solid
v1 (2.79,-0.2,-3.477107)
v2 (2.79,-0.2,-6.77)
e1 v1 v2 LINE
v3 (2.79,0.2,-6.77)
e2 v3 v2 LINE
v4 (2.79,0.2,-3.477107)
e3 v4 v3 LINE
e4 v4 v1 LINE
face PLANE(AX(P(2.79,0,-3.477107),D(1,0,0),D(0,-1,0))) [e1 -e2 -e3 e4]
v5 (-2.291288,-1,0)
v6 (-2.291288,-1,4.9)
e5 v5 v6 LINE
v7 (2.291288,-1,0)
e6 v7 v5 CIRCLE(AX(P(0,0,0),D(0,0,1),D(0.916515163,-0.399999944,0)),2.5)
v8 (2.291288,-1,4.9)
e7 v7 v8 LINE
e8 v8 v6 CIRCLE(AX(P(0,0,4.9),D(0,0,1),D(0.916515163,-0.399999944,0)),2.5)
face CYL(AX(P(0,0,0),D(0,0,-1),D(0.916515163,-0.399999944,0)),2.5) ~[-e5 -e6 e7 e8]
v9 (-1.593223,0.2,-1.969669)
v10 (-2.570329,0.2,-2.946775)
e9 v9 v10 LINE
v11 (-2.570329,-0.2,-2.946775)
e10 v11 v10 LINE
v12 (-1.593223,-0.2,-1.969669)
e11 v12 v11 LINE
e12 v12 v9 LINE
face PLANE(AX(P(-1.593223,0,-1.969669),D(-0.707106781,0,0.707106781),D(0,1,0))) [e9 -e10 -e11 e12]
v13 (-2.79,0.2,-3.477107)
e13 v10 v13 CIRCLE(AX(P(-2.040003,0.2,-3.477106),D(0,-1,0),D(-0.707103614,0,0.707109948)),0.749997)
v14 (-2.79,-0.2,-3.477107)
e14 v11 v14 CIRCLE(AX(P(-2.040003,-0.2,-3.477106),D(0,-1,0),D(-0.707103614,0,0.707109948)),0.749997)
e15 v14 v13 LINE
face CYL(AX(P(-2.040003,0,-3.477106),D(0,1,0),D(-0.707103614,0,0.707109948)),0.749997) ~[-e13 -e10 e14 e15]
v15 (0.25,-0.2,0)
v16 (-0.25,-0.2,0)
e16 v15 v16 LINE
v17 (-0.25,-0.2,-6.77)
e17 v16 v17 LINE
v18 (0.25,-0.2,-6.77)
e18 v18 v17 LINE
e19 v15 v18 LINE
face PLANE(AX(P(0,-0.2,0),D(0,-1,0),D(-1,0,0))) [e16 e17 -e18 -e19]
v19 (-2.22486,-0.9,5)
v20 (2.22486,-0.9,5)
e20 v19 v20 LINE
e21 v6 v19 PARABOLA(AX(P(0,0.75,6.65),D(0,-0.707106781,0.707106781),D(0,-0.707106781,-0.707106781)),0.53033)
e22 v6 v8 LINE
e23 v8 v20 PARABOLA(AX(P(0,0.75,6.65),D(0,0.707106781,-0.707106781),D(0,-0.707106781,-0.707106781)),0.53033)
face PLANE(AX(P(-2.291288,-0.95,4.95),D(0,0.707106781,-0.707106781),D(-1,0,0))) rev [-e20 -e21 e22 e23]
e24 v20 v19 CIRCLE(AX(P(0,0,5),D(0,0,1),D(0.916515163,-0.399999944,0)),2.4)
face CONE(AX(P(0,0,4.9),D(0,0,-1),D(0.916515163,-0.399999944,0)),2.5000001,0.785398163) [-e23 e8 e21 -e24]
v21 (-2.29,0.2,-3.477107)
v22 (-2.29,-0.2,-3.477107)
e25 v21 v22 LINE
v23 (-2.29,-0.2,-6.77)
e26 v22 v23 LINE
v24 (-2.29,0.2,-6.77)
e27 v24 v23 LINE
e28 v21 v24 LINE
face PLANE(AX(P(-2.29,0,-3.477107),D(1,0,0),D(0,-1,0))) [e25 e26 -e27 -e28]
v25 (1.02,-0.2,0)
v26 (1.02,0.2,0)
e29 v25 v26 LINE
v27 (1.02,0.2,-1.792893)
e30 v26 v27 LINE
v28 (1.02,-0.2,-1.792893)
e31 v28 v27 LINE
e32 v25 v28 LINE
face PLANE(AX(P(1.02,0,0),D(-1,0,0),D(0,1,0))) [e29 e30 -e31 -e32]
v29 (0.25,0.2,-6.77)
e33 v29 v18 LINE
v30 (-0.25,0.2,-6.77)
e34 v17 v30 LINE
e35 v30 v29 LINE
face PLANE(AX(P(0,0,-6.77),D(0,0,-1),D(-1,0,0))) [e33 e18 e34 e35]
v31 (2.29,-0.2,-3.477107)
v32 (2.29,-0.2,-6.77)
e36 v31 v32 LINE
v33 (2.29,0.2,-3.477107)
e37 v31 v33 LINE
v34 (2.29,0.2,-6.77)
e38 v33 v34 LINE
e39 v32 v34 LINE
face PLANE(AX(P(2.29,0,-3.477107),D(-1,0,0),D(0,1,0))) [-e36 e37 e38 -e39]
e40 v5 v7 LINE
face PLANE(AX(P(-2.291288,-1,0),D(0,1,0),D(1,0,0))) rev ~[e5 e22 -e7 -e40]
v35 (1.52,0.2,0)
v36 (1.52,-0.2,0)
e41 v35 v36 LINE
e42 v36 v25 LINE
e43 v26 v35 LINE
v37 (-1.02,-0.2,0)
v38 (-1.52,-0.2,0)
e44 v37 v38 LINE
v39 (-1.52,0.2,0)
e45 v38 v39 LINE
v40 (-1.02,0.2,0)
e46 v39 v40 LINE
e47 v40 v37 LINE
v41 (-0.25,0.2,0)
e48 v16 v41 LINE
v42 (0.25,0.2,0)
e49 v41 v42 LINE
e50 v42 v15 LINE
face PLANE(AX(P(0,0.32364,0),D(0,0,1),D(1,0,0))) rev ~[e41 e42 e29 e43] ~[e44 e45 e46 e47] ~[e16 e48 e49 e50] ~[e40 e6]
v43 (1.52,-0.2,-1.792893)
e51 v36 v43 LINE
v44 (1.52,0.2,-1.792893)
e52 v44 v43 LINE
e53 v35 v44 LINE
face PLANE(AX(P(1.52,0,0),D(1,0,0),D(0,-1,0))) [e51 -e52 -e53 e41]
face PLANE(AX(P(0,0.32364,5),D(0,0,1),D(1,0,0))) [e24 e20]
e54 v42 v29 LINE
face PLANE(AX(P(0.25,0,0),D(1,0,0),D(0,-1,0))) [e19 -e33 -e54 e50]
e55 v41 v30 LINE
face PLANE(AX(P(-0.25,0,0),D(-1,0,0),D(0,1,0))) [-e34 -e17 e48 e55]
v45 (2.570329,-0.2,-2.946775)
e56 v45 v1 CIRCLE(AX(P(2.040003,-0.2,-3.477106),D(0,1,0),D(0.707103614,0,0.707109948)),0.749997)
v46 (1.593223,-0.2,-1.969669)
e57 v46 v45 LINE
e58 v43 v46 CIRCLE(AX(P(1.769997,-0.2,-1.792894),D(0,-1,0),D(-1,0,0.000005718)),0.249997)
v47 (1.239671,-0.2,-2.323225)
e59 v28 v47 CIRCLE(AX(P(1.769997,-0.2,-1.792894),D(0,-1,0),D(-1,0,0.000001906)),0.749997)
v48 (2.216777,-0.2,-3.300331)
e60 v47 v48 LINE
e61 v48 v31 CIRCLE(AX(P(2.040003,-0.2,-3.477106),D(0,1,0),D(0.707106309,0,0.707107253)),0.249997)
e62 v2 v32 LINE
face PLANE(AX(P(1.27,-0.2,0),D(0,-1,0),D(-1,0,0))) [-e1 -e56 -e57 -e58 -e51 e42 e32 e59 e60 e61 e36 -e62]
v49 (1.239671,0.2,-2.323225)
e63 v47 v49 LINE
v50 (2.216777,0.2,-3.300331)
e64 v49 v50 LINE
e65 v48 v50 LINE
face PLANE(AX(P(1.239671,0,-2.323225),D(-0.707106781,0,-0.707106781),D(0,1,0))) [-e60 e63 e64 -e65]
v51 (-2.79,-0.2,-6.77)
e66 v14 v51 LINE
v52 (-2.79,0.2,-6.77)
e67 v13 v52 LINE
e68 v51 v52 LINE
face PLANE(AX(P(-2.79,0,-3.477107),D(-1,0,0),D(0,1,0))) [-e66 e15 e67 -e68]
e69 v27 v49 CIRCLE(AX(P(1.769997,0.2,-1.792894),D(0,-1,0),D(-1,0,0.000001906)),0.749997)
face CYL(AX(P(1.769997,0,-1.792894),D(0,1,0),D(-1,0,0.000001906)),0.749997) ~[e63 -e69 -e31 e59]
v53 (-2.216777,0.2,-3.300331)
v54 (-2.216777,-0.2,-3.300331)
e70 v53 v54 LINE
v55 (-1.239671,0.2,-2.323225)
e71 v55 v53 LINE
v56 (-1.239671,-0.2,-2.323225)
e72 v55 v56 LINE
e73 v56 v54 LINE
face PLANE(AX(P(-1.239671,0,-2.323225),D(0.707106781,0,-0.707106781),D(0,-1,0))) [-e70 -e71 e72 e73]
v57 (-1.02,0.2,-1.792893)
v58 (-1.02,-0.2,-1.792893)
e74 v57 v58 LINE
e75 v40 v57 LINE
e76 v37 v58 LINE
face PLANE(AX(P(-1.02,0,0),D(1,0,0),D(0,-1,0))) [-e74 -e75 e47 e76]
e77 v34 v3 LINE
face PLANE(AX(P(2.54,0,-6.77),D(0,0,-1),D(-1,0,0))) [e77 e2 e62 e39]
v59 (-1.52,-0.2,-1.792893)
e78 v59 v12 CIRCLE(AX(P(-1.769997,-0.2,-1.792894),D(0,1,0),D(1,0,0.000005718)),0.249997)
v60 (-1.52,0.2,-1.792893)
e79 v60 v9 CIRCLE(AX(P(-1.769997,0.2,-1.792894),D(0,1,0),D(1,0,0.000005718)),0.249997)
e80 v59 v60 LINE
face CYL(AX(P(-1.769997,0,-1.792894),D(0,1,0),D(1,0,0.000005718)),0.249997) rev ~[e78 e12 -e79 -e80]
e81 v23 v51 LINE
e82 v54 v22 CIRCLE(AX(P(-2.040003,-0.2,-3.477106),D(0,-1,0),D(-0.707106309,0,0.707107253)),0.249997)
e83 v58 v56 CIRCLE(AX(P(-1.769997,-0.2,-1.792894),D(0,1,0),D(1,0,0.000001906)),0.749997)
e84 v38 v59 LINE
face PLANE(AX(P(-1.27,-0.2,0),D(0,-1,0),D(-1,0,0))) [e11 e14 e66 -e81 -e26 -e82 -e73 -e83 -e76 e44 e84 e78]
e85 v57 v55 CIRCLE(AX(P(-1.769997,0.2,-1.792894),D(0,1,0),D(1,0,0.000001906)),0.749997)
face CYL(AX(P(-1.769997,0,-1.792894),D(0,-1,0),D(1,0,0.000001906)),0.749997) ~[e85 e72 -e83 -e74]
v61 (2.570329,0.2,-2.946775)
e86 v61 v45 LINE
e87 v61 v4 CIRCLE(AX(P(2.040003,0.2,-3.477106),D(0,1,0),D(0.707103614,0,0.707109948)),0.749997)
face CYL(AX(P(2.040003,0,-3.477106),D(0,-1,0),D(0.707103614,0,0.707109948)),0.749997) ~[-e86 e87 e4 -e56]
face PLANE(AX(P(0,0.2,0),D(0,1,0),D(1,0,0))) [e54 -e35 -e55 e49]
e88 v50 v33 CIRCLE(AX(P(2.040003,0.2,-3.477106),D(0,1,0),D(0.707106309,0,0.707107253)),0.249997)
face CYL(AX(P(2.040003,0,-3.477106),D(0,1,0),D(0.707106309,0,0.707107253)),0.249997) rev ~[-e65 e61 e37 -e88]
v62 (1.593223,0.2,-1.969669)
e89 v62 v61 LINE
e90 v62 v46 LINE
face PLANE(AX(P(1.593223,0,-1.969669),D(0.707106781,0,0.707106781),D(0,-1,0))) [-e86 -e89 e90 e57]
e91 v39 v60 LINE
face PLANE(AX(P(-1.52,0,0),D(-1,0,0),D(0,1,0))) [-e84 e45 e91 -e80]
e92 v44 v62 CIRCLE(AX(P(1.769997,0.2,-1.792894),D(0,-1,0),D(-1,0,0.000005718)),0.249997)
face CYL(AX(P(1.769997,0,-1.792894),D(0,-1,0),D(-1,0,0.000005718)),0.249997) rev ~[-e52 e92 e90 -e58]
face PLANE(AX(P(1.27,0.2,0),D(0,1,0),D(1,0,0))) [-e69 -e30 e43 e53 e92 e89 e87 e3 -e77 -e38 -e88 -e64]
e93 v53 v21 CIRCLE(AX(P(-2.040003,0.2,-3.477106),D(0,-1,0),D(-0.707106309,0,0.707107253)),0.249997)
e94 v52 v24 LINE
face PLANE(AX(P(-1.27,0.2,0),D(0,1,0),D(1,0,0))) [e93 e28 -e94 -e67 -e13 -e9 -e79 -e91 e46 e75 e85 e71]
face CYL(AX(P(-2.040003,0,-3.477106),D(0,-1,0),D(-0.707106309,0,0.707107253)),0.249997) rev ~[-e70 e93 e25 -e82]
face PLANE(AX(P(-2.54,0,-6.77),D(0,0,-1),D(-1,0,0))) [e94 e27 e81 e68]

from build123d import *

# Parameters (mm, degrees)
F1_DEPTH = 5
F2_SIZE  = 0.1
F3_W     = 0.5
F3_H     = 0.4


with BuildPart() as f1:
    # F0 (on Top) → F1 (new body)
    with BuildSketch(Plane.XY):
        with BuildLine():
            Line((-2.291288, -1), (2.291288, -1))
            ThreePointArc((2.291288, -1), (0, 2.5), (-2.291288, -1))
        make_face()
    extrude(amount=F1_DEPTH)

    # F2
    f2_edges = [f1.edges().sort_by_distance(p)[0] for p in [
        (0, -1, 5),
        (0, 2.5, 5),
    ]]
    chamfer(f2_edges, length=F2_SIZE)

    # F5: sweep along a path in F4
    with BuildLine(Plane.XZ) as f5_path:
        Line((-1.27, 0), (-1.27, -1.792893))
        ThreePointArc((-1.27, -1.792893), (-1.30806, -1.984235), (-1.416447, -2.146447))
        Line((-1.416447, -2.146447), (-2.393553, -3.123553))
        ThreePointArc((-2.393553, -3.123553), (-2.50194, -3.285765), (-2.54, -3.477107))
        Line((-2.54, -3.477107), (-2.54, -6.77))
    # F3 (on face) → F5 (sweep)
    with BuildSketch(Plane(origin=(0, 0, 0), x_dir=(1, 0, 0), z_dir=(0, 0, -1))):
        with Locations((-1.27, 0)):
            Rectangle(F3_W, F3_H)
    sweep(path=f5_path.line)

    # F6: sweep along a path in F4
    with BuildLine(Plane.XZ) as f6_path:
        Line((0, 0), (0, -6.77))
    # F3 (on face) → F6 (sweep)
    with BuildSketch(Plane(origin=(0, 0, 0), x_dir=(1, 0, 0), z_dir=(0, 0, -1))):
        Rectangle(F3_W, F3_H)
    sweep(path=f6_path.line)

    # F7: sweep along a path in F4
    with BuildLine(Plane.XZ) as f7_path:
        Line((1.27, 0), (1.27, -1.792893))
        ThreePointArc((1.27, -1.792893), (1.30806, -1.984235), (1.416447, -2.146447))
        Line((1.416447, -2.146447), (2.393553, -3.123553))
        ThreePointArc((2.393553, -3.123553), (2.50194, -3.285765), (2.54, -3.477107))
        Line((2.54, -3.477107), (2.54, -6.77))
    # F3 (on face) → F7 (sweep)
    with BuildSketch(Plane(origin=(0, 0, 0), x_dir=(1, 0, 0), z_dir=(0, 0, -1))):
        with Locations((1.27, 0)):
            Rectangle(F3_W, F3_H)
    sweep(path=f7_path.line)


solid = f1.part
